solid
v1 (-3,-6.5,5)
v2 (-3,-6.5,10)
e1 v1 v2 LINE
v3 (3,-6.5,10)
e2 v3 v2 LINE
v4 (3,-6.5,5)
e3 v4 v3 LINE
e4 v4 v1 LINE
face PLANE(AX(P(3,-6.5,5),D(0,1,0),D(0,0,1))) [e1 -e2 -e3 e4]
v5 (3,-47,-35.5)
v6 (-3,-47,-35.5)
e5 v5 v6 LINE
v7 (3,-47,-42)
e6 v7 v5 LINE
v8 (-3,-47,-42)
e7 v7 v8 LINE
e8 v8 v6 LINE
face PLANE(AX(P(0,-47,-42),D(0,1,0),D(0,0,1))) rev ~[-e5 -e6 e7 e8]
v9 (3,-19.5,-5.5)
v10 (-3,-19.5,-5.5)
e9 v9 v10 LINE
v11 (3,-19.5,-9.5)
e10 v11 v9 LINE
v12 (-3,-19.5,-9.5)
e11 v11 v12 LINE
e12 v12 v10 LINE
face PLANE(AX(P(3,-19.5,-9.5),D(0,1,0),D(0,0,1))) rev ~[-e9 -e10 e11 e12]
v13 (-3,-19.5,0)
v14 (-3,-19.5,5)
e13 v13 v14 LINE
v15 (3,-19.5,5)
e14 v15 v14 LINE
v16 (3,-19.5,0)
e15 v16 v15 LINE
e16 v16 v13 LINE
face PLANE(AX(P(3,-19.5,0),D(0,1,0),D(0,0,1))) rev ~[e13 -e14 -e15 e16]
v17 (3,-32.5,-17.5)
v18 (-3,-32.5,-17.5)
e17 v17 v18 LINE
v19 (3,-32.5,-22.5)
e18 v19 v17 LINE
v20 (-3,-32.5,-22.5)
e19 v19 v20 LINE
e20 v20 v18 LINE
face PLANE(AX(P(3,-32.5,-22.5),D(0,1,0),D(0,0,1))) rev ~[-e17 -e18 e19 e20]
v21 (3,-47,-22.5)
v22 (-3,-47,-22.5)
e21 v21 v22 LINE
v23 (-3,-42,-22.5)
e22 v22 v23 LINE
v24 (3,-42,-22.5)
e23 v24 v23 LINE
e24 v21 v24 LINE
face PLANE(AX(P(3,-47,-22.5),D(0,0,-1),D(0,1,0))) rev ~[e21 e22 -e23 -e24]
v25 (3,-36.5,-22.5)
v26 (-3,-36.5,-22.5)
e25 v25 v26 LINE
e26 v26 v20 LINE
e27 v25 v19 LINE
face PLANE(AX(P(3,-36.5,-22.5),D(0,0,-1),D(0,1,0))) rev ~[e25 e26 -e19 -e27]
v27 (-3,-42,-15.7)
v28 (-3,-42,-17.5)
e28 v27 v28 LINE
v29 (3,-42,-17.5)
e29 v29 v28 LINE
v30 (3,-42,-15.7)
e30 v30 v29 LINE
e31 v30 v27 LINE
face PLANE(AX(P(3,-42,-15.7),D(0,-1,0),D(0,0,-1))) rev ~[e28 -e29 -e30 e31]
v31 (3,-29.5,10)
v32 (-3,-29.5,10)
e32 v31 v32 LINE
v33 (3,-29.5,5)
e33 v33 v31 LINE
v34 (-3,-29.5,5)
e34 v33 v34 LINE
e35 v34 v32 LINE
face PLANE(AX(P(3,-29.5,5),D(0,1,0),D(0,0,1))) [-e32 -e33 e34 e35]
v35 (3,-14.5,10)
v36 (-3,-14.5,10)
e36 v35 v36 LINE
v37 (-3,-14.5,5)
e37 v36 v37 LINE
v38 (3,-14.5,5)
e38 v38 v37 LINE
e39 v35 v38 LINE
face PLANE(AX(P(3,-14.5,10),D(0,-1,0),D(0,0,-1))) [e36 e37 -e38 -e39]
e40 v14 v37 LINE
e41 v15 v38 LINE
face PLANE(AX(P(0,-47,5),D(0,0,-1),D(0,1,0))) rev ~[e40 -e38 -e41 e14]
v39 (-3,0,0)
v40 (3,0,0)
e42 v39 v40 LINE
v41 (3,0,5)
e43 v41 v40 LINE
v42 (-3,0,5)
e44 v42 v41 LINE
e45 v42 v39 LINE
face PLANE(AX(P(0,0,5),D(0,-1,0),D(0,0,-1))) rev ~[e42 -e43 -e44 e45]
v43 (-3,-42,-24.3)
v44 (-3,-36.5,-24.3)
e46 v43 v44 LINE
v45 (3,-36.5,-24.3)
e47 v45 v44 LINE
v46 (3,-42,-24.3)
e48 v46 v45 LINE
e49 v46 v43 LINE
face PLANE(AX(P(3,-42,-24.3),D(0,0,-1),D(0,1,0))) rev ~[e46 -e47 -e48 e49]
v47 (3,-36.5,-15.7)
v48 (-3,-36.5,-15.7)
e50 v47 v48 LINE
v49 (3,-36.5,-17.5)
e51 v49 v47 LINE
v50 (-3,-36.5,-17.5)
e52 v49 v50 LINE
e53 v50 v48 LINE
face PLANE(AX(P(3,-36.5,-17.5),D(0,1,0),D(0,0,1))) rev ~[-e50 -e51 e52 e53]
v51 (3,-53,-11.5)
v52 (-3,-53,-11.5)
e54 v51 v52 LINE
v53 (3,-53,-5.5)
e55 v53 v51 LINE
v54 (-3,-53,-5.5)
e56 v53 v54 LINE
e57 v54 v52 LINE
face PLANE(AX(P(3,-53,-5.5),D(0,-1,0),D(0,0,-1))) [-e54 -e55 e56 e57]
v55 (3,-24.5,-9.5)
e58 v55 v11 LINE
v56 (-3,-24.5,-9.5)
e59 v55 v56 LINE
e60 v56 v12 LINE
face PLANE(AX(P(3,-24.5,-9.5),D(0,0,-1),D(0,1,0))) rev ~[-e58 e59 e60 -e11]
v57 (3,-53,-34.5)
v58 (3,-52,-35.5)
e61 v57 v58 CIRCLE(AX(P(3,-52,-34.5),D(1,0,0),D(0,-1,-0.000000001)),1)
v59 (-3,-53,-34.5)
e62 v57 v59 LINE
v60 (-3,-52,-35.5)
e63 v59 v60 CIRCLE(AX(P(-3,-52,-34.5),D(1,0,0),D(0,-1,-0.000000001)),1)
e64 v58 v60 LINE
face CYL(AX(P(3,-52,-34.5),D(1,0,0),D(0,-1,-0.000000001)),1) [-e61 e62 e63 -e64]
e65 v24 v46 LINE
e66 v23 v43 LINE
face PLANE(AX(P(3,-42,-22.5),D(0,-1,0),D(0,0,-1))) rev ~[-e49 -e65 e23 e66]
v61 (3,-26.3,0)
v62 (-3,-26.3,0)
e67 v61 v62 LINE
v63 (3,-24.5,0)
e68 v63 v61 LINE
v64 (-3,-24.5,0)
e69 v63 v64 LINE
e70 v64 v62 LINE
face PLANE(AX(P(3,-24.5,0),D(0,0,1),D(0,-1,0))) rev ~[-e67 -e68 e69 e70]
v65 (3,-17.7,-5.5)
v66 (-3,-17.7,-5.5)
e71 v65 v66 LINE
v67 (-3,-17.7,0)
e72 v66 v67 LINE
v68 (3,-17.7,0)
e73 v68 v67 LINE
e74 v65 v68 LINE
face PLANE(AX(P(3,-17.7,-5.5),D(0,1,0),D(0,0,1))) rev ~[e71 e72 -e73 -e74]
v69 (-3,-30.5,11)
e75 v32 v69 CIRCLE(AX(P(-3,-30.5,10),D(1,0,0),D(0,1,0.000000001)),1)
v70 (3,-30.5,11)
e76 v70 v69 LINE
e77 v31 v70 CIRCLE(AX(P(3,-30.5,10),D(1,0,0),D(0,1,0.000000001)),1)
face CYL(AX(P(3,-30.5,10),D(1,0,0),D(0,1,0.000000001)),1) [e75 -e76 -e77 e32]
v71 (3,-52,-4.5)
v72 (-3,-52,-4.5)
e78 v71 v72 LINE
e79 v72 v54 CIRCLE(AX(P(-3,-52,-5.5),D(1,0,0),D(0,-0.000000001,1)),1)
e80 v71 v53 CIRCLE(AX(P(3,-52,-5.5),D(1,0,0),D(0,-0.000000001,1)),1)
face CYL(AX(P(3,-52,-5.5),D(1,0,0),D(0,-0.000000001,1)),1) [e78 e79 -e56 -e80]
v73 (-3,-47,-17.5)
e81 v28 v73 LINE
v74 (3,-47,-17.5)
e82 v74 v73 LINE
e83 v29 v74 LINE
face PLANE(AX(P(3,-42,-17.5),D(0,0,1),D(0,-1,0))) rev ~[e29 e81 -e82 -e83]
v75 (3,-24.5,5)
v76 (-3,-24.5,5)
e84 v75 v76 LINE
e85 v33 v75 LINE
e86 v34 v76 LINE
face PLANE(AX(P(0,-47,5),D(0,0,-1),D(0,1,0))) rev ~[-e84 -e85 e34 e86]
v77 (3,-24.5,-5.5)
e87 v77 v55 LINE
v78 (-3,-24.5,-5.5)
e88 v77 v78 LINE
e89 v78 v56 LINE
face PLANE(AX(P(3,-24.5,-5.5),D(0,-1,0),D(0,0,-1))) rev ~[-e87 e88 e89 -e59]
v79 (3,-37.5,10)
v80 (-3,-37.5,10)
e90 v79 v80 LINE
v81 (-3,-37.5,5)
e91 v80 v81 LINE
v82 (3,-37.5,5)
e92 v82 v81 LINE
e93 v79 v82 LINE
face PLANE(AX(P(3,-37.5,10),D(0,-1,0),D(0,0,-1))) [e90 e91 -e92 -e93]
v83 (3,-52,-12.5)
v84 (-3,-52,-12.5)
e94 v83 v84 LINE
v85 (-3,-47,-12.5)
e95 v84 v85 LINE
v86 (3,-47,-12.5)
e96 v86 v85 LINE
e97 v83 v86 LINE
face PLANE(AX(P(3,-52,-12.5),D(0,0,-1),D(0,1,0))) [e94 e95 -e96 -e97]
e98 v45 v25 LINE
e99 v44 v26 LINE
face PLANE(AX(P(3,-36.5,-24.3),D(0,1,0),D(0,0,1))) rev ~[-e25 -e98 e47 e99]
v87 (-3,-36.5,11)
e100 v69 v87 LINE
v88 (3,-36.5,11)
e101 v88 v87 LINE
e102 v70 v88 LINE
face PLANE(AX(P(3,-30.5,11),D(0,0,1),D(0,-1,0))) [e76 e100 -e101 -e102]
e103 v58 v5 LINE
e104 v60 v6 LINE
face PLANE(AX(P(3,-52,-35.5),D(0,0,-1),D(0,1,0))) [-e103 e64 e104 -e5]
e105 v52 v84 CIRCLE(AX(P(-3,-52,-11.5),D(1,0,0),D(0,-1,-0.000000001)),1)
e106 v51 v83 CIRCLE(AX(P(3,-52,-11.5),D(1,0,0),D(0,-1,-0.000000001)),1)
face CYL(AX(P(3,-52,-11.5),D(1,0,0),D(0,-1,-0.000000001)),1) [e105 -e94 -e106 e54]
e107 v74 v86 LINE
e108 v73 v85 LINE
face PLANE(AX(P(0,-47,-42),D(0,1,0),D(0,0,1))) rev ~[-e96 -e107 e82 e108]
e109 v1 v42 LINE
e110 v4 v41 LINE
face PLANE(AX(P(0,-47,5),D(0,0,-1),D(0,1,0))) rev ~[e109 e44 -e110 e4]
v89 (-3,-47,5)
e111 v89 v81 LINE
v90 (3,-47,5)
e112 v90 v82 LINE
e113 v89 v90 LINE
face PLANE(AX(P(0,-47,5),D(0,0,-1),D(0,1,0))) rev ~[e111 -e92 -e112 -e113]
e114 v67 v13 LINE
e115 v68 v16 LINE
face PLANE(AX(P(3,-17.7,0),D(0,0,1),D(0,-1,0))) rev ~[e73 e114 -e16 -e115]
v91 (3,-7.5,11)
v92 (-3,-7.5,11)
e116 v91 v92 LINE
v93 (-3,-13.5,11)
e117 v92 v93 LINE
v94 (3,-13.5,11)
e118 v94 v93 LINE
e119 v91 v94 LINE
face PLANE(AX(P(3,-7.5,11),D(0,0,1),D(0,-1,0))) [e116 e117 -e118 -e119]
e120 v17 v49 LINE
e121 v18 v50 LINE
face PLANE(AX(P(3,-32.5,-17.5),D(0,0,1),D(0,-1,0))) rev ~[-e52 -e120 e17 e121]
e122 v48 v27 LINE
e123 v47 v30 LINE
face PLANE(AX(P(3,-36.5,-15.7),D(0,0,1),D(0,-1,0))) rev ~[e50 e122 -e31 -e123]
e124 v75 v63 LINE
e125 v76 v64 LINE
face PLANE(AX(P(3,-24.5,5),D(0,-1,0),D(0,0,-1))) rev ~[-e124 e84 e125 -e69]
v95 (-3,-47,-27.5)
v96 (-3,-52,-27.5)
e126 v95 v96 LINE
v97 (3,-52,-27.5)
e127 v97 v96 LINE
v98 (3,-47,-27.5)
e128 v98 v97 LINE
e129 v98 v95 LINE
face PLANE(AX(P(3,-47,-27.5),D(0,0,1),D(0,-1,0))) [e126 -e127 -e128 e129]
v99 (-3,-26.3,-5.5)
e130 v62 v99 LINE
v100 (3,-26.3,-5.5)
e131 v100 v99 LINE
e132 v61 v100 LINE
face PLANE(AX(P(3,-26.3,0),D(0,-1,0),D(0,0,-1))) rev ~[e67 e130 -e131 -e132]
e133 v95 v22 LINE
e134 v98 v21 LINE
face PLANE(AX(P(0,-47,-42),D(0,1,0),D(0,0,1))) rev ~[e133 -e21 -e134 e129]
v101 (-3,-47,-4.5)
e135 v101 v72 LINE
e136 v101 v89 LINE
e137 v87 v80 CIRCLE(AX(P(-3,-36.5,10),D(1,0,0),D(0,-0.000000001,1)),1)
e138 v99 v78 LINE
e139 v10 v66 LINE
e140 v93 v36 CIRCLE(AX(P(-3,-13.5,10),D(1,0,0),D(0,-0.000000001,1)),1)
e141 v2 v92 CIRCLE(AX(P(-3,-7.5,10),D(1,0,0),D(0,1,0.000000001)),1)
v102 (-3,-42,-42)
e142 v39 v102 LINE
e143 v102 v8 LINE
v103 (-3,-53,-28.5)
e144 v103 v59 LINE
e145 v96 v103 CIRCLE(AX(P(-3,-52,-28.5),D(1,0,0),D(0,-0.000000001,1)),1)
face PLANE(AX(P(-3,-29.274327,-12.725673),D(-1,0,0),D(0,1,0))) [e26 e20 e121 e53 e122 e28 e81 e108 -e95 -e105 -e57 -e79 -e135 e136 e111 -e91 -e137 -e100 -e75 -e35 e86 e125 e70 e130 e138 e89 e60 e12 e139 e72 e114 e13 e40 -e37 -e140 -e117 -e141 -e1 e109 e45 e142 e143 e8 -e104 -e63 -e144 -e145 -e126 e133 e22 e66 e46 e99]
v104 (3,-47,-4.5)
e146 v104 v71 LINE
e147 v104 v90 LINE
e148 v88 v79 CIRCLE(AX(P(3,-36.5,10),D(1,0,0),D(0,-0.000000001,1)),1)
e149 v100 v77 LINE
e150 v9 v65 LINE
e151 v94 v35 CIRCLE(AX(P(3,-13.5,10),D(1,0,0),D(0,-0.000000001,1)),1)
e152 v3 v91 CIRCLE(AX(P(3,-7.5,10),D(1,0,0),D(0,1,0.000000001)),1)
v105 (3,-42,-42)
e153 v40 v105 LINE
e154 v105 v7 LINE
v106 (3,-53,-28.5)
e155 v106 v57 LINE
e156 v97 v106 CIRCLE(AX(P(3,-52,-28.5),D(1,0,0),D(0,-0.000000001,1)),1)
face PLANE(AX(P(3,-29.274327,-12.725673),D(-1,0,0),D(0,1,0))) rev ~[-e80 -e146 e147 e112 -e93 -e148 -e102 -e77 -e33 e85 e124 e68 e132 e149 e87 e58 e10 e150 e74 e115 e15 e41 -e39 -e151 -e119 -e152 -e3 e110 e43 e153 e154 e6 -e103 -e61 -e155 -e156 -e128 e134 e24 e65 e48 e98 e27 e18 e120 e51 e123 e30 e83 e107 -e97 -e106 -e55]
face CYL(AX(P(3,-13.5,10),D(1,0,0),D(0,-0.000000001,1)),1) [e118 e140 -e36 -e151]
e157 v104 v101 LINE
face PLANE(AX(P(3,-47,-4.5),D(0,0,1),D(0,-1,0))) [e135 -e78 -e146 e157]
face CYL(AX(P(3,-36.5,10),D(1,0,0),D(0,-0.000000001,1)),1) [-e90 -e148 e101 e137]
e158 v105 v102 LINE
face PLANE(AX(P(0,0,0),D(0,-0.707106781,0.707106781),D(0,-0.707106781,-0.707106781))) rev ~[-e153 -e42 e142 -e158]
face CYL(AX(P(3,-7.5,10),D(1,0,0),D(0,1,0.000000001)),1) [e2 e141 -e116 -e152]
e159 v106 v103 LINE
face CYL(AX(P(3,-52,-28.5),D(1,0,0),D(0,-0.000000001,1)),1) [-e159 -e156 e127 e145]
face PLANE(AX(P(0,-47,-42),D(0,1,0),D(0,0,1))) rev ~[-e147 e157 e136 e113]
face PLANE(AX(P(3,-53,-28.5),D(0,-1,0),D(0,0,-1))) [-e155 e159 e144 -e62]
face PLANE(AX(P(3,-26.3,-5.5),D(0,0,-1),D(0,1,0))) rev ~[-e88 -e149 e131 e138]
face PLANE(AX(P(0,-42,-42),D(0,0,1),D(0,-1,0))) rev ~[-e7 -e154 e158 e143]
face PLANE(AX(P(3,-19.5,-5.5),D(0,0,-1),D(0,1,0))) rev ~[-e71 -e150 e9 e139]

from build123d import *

# Parameters (mm, degrees)
BOSS_EXTRU_1_DEPTH      = 3
BOSS_EXTRU_2_DEPTH      = 6
ENL_V_MAT_EXTRU_1_DEPTH = 6


with BuildPart() as part:
    # Esquisse1 → Boss.-Extru.1 (new, symmetric)
    with BuildSketch(Plane(origin=(0, 0, 0), x_dir=(0, -1, 0), z_dir=(1, 0, 0))):
        Polygon((0, 0), (42, 42), (47, 42), (47, -5), (0, -5), align=None)
    extrude(amount=BOSS_EXTRU_1_DEPTH, both=True)

    # Esquisse2 → Boss.-Extru.2 (add)
    with BuildSketch(Plane(origin=(3, 0, 0), x_dir=(0, -1, 0), z_dir=(1, 0, 0))):
        with BuildLine():
            Line((47, 35.5), (47, 27.5))
            Line((47, 27.5), (52, 27.5))
            ThreePointArc((52, 27.5), (52.707106781, 27.792893219), (53, 28.5))
            Line((53, 28.5), (53, 34.5))
            ThreePointArc((53, 34.5), (52.707106781, 35.207106781), (52, 35.5))
            Line((52, 35.5), (47, 35.5))
        make_face()
        with BuildLine():
            Line((47, 12.5), (47, 4.5))
            Line((47, 4.5), (52, 4.5))
            ThreePointArc((52, 4.5), (52.707106781, 4.792893219), (53, 5.5))
            Line((53, 5.5), (53, 11.5))
            ThreePointArc((53, 11.5), (52.707106781, 12.207106781), (52, 12.5))
            Line((52, 12.5), (47, 12.5))
        make_face()
        with BuildLine():
            Line((14.5, -10), (14.5, -5))
            Line((14.5, -5), (6.5, -5))
            Line((6.5, -5), (6.5, -10))
            ThreePointArc((6.5, -10), (6.792893219, -10.707106781), (7.5, -11))
            Line((7.5, -11), (13.5, -11))
            ThreePointArc((13.5, -11), (14.207106781, -10.707106781), (14.5, -10))
        make_face()
        with BuildLine():
            Line((37.5, -10), (37.5, -5))
            Line((37.5, -5), (29.5, -5))
            Line((29.5, -5), (29.5, -10))
            ThreePointArc((29.5, -10), (29.792893219, -10.707106781), (30.5, -11))
            Line((30.5, -11), (36.5, -11))
            ThreePointArc((36.5, -11), (37.207106781, -10.707106781), (37.5, -10))
        make_face()
    extrude(amount=-BOSS_EXTRU_2_DEPTH)

    # Esquisse2_3 → Enl_v. mat.-Extru.1 (cut)
    with BuildSketch(Plane(origin=(3, 0, 0), x_dir=(0, -1, 0), z_dir=(1, 0, 0))):
        Polygon((42, 17.5), (47, 17.5), (47, 22.5), (42, 22.5), (42, 24.3), (36.5, 24.3), (36.5, 22.5), (32.5, 22.5), (32.5, 17.5), (36.5, 17.5), (36.5, 15.7), (42, 15.7), align=None)
        Polygon((19.5, -5), (24.5, -5), (24.5, 0), (26.3, 0), (26.3, 5.5), (24.5, 5.5), (24.5, 9.5), (19.5, 9.5), (19.5, 5.5), (17.7, 5.5), (17.7, 0), (19.5, 0), align=None)
    extrude(amount=-ENL_V_MAT_EXTRU_1_DEPTH, mode=Mode.SUBTRACT)


solid = part.part
